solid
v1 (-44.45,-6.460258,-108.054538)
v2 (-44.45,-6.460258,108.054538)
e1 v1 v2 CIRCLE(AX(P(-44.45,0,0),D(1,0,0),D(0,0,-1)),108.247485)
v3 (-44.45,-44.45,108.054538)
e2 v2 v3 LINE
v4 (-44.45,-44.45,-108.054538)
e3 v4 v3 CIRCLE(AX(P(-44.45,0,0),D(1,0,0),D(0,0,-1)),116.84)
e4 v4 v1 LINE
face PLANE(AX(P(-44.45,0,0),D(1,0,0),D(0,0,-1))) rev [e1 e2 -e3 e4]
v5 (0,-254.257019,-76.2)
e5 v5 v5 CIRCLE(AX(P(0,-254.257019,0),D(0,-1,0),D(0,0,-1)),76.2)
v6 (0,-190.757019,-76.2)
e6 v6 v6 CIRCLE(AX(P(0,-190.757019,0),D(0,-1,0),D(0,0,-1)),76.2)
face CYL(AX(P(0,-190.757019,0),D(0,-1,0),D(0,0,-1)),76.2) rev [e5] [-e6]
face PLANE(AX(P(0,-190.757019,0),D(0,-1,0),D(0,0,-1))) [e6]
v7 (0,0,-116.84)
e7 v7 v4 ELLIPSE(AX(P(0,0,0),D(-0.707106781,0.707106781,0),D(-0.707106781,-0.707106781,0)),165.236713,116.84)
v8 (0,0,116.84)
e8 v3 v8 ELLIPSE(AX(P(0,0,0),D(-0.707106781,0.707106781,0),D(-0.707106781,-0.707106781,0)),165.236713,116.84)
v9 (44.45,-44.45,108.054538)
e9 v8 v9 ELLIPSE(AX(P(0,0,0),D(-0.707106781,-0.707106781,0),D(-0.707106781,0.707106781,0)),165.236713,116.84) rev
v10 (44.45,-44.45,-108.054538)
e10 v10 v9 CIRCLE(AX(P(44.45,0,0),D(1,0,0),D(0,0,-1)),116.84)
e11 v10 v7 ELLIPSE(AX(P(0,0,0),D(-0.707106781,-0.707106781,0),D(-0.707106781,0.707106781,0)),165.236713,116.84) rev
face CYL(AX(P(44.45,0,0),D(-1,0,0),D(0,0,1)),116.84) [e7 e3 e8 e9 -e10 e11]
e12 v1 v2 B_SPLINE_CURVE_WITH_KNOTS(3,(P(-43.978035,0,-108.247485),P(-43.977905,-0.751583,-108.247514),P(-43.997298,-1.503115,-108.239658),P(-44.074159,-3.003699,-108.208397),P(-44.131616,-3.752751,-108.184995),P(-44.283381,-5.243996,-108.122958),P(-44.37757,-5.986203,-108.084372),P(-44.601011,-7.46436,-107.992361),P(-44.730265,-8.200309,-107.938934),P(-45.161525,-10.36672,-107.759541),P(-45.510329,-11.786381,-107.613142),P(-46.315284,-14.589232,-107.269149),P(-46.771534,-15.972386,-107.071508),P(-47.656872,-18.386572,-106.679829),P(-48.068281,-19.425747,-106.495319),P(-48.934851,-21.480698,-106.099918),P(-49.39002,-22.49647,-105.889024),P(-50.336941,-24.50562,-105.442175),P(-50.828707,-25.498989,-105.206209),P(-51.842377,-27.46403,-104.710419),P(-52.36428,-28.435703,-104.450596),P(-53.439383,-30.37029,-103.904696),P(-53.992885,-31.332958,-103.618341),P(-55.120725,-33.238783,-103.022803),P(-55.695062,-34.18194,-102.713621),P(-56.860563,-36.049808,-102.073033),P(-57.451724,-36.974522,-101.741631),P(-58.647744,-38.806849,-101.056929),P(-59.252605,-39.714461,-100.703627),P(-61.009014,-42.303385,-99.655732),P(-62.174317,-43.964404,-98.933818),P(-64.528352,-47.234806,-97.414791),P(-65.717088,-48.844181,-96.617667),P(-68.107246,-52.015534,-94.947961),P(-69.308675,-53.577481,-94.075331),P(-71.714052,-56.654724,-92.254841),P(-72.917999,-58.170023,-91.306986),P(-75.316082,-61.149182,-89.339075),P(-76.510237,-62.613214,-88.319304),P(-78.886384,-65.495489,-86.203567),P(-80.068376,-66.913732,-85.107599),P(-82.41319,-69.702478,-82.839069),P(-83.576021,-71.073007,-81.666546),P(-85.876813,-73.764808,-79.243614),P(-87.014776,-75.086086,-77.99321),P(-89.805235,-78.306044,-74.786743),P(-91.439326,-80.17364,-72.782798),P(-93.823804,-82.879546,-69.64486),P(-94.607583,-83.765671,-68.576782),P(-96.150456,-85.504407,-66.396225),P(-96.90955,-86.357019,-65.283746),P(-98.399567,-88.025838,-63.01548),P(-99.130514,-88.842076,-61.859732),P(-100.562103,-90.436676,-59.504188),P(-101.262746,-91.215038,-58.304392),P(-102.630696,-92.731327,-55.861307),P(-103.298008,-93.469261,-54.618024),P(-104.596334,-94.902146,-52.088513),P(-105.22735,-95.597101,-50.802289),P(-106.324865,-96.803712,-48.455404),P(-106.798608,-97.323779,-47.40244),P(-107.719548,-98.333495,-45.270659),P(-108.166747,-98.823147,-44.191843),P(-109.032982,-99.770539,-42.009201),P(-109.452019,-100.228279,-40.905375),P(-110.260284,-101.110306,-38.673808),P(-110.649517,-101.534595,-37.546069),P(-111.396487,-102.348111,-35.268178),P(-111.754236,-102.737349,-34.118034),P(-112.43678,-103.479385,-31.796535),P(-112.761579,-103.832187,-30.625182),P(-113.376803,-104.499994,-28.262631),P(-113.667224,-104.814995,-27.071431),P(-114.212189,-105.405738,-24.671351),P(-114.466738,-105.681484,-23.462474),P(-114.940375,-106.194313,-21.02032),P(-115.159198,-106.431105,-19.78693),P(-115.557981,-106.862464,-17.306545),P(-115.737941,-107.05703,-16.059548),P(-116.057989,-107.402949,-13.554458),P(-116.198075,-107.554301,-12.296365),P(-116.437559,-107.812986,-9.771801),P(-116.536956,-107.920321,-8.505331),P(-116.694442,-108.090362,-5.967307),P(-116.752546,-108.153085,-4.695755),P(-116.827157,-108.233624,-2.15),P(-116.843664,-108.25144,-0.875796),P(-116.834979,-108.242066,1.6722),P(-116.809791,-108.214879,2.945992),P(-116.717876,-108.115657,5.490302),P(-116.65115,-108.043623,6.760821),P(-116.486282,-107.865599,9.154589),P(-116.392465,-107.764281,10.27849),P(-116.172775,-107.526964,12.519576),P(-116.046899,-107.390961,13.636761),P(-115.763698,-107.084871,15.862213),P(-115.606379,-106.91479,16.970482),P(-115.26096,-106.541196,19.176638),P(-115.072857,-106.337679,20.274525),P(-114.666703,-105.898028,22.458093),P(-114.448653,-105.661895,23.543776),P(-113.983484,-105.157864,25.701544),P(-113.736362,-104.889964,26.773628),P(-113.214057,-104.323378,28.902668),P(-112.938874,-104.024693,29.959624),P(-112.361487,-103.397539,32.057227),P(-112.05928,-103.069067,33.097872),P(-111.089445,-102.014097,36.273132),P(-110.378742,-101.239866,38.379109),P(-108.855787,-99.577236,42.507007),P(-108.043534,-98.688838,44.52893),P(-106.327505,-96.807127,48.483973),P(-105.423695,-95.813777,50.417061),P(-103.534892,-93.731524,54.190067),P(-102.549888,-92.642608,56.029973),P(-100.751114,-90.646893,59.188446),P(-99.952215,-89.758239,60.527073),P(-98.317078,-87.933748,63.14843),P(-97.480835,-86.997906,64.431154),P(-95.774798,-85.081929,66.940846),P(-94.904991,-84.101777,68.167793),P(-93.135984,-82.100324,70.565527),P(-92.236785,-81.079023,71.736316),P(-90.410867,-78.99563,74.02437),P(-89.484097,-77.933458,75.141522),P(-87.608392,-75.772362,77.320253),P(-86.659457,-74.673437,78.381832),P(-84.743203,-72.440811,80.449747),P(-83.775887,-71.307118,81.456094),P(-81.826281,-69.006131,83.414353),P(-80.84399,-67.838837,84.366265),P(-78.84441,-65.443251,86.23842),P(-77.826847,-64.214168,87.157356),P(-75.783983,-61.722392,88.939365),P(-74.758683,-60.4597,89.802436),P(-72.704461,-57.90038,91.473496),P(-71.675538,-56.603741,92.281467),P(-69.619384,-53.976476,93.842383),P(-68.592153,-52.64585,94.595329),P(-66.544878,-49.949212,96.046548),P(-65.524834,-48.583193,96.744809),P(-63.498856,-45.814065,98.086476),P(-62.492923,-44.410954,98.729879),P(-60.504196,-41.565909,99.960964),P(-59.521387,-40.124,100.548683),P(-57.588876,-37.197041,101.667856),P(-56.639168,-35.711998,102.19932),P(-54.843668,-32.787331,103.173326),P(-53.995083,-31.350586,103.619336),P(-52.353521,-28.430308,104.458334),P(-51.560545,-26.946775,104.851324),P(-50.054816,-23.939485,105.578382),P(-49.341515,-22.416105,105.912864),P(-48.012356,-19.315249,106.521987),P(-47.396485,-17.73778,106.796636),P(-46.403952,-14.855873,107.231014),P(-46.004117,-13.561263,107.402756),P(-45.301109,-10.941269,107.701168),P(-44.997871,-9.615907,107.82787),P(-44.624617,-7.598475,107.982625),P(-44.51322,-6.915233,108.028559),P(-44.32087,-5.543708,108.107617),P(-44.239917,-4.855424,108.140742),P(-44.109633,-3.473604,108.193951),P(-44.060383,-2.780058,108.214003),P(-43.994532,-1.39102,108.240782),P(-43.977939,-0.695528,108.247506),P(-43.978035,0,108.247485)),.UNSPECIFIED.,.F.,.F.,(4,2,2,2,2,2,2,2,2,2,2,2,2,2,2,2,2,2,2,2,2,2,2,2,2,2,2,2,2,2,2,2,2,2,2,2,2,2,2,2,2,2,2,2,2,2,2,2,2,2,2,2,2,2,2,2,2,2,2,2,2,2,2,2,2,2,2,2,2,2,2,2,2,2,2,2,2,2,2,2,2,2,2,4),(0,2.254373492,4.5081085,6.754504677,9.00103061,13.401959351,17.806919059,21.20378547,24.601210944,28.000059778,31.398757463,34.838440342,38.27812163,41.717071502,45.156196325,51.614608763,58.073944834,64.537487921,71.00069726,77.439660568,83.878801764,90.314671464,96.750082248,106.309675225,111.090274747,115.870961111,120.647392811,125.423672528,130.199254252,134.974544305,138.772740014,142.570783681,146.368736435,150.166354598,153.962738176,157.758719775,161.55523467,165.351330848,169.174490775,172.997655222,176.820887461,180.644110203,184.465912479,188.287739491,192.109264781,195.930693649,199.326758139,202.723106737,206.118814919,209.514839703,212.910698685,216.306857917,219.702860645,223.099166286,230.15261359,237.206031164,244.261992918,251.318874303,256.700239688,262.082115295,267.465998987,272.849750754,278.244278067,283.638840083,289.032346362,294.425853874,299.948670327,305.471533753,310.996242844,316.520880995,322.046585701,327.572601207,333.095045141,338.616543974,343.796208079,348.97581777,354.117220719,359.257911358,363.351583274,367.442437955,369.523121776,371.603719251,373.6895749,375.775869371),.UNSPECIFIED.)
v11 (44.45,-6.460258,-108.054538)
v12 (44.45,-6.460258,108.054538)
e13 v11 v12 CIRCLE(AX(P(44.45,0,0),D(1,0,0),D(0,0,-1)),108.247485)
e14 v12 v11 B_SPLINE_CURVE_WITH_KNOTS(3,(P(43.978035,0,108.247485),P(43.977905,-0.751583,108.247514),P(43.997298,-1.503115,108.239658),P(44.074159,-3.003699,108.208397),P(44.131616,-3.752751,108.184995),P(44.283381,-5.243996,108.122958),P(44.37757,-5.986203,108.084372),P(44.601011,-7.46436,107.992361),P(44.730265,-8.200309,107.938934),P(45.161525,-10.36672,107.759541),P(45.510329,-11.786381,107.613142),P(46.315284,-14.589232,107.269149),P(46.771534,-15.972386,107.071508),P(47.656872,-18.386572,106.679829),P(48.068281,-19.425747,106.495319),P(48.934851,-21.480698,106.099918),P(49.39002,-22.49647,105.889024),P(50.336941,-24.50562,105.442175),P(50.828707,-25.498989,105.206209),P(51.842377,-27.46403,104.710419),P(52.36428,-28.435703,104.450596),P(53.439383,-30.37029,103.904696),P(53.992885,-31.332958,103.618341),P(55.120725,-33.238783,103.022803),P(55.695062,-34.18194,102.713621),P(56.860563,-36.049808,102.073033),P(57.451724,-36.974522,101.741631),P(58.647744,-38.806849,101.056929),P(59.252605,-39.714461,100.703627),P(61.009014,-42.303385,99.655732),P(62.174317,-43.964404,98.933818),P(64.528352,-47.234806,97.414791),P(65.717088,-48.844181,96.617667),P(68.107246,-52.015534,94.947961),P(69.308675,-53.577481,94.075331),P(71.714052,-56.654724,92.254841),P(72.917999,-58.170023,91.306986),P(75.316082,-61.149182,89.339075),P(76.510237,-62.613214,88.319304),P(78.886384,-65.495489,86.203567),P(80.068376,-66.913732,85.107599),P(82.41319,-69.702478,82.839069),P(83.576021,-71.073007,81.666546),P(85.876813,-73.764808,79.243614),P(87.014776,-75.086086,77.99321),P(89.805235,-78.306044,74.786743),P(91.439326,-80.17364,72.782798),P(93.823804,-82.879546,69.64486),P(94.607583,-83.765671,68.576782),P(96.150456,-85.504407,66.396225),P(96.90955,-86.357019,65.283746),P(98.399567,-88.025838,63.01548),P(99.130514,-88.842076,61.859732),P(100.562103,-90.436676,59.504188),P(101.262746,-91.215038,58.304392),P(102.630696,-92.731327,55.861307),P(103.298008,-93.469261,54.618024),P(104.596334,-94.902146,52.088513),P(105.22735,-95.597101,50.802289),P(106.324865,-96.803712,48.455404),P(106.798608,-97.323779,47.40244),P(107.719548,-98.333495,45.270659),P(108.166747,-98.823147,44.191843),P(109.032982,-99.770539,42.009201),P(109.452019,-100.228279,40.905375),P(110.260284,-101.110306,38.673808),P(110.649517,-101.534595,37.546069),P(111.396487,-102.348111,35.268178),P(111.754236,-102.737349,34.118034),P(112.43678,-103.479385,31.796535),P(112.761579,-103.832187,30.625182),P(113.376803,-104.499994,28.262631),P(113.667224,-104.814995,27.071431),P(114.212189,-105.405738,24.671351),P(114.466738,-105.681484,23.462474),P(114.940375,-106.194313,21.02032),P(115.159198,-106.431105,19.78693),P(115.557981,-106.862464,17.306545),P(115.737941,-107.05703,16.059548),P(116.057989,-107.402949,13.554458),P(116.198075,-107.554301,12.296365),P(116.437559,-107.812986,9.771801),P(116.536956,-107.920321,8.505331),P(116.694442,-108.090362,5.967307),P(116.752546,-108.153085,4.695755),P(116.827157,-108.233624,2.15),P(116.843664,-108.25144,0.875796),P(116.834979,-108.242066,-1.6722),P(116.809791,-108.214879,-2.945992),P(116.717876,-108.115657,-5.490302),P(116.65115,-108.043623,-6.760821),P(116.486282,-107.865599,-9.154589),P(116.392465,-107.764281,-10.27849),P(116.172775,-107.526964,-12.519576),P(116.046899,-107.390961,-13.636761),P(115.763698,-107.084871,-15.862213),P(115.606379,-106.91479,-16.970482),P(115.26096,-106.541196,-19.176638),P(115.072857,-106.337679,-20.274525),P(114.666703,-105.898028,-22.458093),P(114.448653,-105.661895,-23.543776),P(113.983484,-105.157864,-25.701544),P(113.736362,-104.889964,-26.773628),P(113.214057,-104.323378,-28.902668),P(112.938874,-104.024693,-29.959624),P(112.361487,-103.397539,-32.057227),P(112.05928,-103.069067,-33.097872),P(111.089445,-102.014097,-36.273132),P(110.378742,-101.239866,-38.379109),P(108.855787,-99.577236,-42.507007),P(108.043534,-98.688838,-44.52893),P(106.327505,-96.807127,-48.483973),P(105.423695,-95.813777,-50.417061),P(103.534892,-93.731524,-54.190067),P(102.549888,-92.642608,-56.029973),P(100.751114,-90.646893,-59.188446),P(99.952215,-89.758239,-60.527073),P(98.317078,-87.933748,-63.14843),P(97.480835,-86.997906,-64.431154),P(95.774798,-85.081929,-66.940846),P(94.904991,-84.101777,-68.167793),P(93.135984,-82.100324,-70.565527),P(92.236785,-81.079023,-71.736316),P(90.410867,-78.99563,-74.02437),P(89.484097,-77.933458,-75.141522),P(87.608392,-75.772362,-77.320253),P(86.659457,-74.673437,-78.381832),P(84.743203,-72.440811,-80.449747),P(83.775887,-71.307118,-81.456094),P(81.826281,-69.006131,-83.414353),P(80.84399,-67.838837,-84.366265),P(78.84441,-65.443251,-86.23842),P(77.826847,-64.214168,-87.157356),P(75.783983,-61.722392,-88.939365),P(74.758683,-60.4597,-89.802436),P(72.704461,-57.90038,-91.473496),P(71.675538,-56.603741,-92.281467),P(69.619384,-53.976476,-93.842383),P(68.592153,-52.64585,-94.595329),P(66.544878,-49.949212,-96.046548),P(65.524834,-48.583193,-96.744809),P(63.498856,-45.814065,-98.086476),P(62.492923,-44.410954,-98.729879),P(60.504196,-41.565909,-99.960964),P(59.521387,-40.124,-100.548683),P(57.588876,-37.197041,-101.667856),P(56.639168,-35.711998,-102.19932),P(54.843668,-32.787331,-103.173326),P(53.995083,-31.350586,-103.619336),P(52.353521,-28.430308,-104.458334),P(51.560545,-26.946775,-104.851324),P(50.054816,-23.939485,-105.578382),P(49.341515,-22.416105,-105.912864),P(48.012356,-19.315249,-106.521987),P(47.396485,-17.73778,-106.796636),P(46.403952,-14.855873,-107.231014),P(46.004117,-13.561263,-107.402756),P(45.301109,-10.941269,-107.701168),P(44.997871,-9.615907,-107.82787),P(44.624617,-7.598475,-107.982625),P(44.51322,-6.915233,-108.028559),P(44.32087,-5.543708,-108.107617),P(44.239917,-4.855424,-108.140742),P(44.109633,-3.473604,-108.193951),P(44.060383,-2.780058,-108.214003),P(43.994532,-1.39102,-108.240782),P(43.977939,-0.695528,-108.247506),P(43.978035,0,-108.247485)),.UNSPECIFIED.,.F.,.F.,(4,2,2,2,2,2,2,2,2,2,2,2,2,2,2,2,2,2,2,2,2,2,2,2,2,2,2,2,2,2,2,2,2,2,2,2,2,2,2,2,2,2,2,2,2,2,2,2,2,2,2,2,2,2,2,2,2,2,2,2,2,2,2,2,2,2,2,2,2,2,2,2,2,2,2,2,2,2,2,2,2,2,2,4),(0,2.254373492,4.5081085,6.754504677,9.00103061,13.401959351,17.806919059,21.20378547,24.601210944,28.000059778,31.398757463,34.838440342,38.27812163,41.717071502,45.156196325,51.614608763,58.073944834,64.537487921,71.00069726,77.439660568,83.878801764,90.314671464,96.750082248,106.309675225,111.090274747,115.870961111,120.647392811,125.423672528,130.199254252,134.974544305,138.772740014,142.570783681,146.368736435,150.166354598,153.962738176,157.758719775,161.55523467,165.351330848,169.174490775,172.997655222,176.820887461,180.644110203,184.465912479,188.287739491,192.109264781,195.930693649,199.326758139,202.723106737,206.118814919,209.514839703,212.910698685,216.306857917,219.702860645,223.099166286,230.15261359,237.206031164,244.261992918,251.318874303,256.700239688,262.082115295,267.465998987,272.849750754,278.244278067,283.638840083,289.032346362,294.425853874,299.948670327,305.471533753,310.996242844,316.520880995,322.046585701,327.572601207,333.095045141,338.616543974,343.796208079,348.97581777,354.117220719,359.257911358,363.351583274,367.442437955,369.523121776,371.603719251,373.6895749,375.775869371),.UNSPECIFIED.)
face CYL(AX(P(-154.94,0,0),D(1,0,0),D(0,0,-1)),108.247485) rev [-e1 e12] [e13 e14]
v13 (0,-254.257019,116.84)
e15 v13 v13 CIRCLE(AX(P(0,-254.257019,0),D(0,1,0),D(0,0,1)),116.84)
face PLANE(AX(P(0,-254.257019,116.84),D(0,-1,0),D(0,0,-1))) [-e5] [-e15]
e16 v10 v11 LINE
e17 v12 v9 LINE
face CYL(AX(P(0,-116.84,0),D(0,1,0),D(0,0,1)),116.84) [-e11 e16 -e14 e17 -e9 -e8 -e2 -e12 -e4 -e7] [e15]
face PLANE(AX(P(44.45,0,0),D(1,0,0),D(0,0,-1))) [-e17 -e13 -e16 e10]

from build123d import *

# Parameters (mm, degrees)
SKETCH1_R               = 116.84
SKETCH1_R_2             = 107.95
BOSS_EXTRUDE1_DEPTH     = 44.45
CUT_EXTRUDE6_DEPTH      = 288.798
CUT_EXTRUDE6_DEPTH_BACK = 154.94
SKETCH14_R              = 108.247485137
SKETCH15_R              = 76.2
CUT_EXTRUDE7_DEPTH      = 63.5


with BuildPart() as part:
    # Sketch1 → Boss-Extrude1 (new, symmetric)
    with BuildSketch(Plane(origin=(0, 0, 0), x_dir=(0, 0, -1), z_dir=(1, 0, 0))):
        Circle(SKETCH1_R)
        Circle(SKETCH1_R_2, mode=Mode.SUBTRACT)
    extrude(amount=BOSS_EXTRUDE1_DEPTH, both=True)

    # Sketch13 → Revolve3 (revolve)
    with BuildSketch(Plane(origin=(0, 0, 0), x_dir=(0, 0, -1), z_dir=(1, 0, 0))):
        with BuildLine():
            Line((-116.84, 0), (-116.84, -254.257018714))
            Line((-116.84, -254.257018714), (0, -254.257018714))
            Line((0, -254.257018714), (0, -116.84))
            ThreePointArc((0, -116.84), (-82.618356314, -82.618356314), (-116.84, 0))
        make_face()
    revolve(axis=Axis((0, -116.84, 0), (0, -1, 0)))

    # Sketch14 → Cut-Extrude6 (cut, two sides: drawn at the far end of the back side and taken through both)
    with BuildSketch(Plane(origin=(0, 0, 0), x_dir=(0, 0, -1), z_dir=(1, 0, 0)).offset(-CUT_EXTRUDE6_DEPTH_BACK)):
        with Locations(Location((0, 0, 0), (0, 0, 356.57852909))):
            Circle(SKETCH14_R)
    extrude(amount=CUT_EXTRUDE6_DEPTH + CUT_EXTRUDE6_DEPTH_BACK, mode=Mode.SUBTRACT)

    # Sketch15 → Cut-Extrude7 (cut)
    with BuildSketch(Plane.XZ.offset(254.257018714)):
        with Locations(Location((0, 0, 0), (0, 0, 270))):
            Circle(SKETCH15_R)
    extrude(amount=-CUT_EXTRUDE7_DEPTH, mode=Mode.SUBTRACT)


solid = part.part
